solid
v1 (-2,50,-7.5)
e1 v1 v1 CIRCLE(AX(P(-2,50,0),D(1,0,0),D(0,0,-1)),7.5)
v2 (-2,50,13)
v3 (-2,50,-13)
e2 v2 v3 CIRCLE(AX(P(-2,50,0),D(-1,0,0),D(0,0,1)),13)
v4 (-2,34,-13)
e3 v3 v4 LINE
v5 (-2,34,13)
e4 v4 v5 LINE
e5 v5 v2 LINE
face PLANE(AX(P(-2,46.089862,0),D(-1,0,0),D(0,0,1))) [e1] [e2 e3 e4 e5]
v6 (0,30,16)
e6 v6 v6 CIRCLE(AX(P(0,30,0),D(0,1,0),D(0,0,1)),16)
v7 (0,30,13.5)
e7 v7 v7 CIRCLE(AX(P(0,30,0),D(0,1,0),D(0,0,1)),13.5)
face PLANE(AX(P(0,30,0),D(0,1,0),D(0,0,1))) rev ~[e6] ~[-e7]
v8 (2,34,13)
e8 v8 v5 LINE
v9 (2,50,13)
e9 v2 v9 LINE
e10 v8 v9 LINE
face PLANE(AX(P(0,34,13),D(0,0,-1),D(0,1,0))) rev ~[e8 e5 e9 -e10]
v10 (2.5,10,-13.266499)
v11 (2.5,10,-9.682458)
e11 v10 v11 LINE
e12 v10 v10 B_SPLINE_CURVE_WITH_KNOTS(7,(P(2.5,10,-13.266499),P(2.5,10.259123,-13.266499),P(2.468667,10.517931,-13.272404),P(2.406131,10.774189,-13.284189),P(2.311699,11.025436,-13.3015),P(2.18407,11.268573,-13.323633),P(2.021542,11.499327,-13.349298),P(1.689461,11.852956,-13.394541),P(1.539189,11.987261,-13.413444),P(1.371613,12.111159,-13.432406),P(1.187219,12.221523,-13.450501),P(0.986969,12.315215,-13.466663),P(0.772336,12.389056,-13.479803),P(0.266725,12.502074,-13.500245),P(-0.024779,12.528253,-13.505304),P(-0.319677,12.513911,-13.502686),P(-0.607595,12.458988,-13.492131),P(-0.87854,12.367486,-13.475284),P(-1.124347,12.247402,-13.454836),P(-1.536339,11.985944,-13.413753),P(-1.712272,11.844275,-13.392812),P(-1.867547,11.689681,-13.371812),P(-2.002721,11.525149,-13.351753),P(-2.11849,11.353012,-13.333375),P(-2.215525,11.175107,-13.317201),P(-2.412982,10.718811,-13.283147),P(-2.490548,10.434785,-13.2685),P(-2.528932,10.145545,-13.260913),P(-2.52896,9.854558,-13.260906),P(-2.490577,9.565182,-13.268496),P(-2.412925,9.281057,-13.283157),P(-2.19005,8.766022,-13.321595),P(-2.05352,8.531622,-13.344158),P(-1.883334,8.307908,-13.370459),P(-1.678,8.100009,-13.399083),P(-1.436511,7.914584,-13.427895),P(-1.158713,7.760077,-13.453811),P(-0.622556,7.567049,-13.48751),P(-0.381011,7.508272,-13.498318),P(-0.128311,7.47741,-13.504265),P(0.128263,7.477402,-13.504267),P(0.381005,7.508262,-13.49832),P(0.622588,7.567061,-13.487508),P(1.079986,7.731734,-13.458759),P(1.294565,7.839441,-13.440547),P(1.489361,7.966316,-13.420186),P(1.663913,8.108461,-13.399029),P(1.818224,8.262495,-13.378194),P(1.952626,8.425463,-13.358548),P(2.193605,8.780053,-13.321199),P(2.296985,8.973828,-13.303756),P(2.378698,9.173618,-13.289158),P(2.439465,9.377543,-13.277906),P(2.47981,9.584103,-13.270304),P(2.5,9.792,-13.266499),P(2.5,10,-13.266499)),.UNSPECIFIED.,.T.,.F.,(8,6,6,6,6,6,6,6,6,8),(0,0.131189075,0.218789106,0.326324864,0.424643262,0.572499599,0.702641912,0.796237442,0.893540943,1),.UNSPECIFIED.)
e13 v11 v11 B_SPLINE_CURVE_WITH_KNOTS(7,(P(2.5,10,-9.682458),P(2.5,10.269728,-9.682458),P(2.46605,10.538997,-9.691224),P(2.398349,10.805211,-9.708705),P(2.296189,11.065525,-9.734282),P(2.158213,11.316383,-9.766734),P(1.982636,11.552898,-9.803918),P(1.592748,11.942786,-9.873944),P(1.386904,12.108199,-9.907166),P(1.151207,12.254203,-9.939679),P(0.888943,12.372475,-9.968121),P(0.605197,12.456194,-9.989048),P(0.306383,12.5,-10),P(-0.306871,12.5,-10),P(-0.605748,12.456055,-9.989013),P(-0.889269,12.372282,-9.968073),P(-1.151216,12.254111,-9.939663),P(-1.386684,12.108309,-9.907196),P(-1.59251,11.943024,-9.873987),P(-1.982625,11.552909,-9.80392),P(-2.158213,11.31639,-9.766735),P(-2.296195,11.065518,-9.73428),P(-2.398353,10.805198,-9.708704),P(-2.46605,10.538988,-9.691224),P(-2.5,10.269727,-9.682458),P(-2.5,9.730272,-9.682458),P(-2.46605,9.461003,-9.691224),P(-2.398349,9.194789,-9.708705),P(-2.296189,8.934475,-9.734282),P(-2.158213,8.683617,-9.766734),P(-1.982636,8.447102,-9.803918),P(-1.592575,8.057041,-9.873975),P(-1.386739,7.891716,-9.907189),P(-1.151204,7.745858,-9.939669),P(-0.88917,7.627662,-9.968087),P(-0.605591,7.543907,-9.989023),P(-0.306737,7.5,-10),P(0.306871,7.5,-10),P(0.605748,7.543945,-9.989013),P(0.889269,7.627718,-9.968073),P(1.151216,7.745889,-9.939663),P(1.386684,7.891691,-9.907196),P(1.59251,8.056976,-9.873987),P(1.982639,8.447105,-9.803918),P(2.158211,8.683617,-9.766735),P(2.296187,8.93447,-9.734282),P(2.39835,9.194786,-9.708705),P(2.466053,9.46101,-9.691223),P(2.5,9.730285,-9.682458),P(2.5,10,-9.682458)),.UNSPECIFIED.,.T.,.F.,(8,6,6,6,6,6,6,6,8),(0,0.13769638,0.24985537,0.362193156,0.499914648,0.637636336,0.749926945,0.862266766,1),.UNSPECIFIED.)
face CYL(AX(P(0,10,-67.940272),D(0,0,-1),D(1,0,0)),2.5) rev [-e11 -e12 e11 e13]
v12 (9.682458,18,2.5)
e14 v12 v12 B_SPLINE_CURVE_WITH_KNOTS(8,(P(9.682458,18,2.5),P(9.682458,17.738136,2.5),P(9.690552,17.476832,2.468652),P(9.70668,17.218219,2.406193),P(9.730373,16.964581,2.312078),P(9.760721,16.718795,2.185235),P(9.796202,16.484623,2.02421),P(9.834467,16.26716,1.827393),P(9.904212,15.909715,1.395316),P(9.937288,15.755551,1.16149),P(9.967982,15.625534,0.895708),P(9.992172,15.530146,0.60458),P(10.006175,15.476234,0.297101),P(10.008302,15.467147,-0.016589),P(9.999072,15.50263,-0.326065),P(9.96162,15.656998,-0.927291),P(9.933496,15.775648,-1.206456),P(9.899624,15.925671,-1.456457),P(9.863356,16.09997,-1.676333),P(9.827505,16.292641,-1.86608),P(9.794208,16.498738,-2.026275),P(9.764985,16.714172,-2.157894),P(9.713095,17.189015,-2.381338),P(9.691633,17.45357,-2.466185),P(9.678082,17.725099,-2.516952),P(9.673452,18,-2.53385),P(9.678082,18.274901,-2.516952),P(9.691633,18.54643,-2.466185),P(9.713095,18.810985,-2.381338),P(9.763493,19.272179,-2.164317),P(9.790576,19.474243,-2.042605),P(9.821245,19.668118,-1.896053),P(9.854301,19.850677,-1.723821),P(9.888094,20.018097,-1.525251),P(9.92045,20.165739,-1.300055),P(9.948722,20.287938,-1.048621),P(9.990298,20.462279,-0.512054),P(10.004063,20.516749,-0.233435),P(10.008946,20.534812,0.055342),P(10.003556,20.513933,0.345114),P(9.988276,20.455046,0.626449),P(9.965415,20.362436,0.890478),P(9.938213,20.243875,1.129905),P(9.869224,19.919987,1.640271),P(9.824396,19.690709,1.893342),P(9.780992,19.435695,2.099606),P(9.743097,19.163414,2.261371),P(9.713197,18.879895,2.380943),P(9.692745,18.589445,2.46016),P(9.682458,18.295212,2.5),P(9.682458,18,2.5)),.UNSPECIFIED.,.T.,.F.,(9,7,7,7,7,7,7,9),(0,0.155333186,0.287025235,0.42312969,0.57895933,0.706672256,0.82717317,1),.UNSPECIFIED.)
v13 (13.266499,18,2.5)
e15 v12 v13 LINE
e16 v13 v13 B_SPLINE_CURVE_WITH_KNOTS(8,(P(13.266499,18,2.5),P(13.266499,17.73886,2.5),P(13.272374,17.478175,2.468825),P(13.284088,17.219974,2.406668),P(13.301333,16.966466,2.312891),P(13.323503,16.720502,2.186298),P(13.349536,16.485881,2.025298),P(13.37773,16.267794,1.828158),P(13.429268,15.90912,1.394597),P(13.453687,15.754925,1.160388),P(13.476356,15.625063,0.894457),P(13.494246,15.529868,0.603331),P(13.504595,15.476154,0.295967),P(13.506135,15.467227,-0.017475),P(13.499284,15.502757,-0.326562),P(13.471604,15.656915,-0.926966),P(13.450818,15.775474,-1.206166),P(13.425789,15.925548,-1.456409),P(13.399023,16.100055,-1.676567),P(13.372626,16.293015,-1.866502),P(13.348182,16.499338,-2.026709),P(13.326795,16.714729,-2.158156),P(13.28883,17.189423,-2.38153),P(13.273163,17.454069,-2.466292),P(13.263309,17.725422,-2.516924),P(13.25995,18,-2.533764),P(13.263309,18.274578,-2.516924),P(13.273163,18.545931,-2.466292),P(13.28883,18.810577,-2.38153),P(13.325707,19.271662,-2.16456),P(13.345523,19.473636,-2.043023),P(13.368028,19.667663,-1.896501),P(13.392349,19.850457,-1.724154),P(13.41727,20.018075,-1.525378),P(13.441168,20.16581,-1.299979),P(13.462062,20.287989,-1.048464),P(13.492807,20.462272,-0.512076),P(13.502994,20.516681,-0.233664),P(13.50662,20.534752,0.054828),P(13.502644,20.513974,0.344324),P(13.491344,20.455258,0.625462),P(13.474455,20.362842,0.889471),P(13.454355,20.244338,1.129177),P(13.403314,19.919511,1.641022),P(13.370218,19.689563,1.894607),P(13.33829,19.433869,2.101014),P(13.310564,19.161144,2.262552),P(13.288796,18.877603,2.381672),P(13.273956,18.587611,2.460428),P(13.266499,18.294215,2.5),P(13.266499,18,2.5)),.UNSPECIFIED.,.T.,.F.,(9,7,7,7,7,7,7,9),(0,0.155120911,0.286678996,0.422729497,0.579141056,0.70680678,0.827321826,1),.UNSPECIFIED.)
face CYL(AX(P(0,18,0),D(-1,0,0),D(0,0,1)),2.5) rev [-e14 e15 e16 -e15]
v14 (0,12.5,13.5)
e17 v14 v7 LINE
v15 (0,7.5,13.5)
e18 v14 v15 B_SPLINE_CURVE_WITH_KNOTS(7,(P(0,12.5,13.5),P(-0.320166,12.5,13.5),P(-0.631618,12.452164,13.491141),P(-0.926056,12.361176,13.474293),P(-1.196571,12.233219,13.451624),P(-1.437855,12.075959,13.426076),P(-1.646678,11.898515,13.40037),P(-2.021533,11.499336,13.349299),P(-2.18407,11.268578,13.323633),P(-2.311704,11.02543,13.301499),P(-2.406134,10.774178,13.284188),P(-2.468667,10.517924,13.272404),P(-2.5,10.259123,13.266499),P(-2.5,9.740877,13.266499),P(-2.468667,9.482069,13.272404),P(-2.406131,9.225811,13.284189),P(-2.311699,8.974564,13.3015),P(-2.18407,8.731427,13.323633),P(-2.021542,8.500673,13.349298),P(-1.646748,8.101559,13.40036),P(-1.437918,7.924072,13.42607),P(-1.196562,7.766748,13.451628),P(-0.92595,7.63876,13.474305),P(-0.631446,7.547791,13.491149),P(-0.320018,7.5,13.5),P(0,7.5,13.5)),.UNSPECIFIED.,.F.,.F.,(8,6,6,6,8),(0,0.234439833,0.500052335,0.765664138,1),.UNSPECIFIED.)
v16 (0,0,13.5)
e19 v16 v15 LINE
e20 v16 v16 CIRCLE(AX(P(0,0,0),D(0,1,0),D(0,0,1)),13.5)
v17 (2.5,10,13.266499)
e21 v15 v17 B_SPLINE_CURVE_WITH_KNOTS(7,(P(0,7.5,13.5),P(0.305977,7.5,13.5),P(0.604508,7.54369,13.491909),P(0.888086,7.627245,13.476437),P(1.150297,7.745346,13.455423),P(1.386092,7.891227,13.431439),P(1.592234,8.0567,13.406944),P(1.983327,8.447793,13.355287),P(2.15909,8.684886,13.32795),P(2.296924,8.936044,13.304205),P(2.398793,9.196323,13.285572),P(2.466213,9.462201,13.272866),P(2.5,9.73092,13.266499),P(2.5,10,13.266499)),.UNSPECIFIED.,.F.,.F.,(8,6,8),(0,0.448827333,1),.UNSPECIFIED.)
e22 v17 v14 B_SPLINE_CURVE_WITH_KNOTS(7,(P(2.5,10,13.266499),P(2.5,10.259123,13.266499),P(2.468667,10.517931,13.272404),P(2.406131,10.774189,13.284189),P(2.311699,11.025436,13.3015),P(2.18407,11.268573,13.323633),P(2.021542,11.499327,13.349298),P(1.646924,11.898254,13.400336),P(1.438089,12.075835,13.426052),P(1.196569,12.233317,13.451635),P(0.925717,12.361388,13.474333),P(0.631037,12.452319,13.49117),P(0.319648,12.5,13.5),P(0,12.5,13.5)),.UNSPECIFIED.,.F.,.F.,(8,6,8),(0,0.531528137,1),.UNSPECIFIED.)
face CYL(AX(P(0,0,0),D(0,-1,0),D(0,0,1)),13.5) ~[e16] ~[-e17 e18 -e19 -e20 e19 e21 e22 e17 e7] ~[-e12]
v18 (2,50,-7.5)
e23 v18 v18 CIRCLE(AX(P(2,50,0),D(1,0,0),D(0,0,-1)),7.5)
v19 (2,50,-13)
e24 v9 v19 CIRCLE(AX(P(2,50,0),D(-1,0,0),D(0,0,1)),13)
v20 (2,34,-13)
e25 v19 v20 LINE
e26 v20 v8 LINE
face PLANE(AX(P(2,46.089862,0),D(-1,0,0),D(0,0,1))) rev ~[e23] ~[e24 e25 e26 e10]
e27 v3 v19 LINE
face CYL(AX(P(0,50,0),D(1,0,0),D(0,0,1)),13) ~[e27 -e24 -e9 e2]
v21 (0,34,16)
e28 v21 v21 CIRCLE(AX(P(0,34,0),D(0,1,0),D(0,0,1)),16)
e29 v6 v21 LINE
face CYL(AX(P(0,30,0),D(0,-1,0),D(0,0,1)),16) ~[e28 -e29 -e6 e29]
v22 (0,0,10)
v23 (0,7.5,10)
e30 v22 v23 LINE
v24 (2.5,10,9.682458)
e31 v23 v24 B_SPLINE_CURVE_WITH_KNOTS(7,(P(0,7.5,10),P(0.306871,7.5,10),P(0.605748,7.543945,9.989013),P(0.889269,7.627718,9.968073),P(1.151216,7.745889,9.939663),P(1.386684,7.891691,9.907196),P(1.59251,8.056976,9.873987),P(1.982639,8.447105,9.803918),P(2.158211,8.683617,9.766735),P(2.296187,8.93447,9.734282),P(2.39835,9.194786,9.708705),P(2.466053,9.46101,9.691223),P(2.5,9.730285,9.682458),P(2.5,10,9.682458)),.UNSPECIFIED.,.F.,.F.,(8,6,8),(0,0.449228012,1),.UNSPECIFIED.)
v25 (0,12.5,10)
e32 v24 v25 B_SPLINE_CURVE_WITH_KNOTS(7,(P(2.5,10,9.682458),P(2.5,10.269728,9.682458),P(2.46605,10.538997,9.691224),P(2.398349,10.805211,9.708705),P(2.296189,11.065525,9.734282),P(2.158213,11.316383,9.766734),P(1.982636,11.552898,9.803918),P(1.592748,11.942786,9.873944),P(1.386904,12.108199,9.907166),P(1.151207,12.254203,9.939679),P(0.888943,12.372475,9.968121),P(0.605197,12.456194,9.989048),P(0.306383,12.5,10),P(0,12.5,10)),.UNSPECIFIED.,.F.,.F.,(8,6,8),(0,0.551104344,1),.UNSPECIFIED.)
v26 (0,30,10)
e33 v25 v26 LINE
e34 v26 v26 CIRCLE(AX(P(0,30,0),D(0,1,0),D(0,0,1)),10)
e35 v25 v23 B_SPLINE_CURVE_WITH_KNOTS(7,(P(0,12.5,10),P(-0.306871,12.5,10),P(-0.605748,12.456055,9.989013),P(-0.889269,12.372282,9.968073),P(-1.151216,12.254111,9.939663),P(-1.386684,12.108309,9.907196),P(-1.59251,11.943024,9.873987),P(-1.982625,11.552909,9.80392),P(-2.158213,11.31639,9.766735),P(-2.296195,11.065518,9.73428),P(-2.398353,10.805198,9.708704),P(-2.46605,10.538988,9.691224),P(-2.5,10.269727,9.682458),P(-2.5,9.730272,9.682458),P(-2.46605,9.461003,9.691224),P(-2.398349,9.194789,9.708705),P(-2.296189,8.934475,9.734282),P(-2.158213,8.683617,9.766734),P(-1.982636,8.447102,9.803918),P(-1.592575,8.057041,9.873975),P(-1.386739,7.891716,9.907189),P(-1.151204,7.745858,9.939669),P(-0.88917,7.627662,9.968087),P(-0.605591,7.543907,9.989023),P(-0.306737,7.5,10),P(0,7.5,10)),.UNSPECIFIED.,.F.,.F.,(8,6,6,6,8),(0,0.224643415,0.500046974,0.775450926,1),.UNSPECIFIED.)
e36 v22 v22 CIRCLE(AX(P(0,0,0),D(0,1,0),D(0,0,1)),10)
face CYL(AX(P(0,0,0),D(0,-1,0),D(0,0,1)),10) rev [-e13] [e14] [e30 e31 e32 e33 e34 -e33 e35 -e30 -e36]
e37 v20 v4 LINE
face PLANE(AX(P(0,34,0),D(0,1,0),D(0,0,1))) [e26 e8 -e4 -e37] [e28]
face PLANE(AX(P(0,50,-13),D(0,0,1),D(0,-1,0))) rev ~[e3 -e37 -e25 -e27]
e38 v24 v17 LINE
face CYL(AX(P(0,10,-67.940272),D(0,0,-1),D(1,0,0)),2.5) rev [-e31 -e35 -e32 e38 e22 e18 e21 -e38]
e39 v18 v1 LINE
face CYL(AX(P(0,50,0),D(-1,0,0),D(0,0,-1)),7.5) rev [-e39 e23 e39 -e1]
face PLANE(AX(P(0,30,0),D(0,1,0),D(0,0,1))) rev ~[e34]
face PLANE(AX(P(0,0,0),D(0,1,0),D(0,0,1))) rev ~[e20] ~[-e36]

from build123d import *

# Parameters (mm, degrees)
SKETCH1_R               = 13.5
SKETCH1_R_2             = 10
BOSS_EXTRUDE1_DEPTH     = 30
BOSS_EXTRUDE2_START     = 30
SKETCH1_3_R             = 16
SKETCH1_3_R_2           = 13.5
SKETCH1_3_R_3           = 10
BOSS_EXTRUDE2_DEPTH     = 4
SKETCH2_R               = 7.5
BOSS_EXTRUDE3_DEPTH     = 2
CUT_EXTRUDE1_REACH      = 68.94
CUT_EXTRUDE1_END_RADIUS = 13.5
SKETCH2_3_R             = 2.5
CUT_EXTRUDE2_DEPTH      = 67.940271885
CUT_EXTRUDE2_DEPTH_BACK = 67.940271885
SKETCH3_R               = 2.5


with BuildPart() as part:
    # Sketch1 → Boss-Extrude1 (new body)
    with BuildSketch(Plane(origin=(0, 0, 0), x_dir=(1, 0, 0), z_dir=(0, 1, 0))):
        with Locations(Location((0, 0, 0), (0, 0, 270))):
            Circle(SKETCH1_R)
        with Locations(Location((0, 0, 0), (0, 0, 270))):
            Circle(SKETCH1_R_2, mode=Mode.SUBTRACT)
    extrude(amount=BOSS_EXTRUDE1_DEPTH)

    # Sketch1<3> → Boss-Extrude2 (add)
    # profile 1 of 3: a face of its own
    with BuildSketch(Plane(origin=(0, 0, 0), x_dir=(1, 0, 0), z_dir=(0, 1, 0)).offset(BOSS_EXTRUDE2_START)):
        with Locations(Location((0, 0, 0), (0, 0, 270))):
            Circle(SKETCH1_3_R)
        with Locations(Location((0, 0, 0), (0, 0, 270))):
            Circle(SKETCH1_3_R_2, mode=Mode.SUBTRACT)
    # profile 2 of 3: a face of its own
    with BuildSketch(Plane(origin=(0, 0, 0), x_dir=(1, 0, 0), z_dir=(0, 1, 0)).offset(BOSS_EXTRUDE2_START)):
        with Locations(Location((0, 0, 0), (0, 0, 270))):
            Circle(SKETCH1_3_R_2)
        with Locations(Location((0, 0, 0), (0, 0, 270))):
            Circle(SKETCH1_3_R_3, mode=Mode.SUBTRACT)
    # profile 3 of 3: a face of its own
    with BuildSketch(Plane(origin=(0, 0, 0), x_dir=(1, 0, 0), z_dir=(0, 1, 0)).offset(BOSS_EXTRUDE2_START)):
        with Locations(Location((0, 0, 0), (0, 0, 270))):
            Circle(SKETCH1_3_R_3)
    extrude(amount=BOSS_EXTRUDE2_DEPTH)

    # Sketch2 → Boss-Extrude3 (add, symmetric)
    with BuildSketch(Plane(origin=(0, 0, 0), x_dir=(0, 0, -1), z_dir=(1, 0, 0))):
        with BuildLine():
            Line((13, 50), (13, 34))
            Line((13, 34), (-13, 34))
            Line((-13, 34), (-13, 50))
            ThreePointArc((-13, 50), (0, 63), (13, 50))
        make_face()
        with Locations((0, 50)):
            Circle(SKETCH2_R, mode=Mode.SUBTRACT)
    extrude(amount=BOSS_EXTRUDE3_DEPTH, both=True)

    # Cut-Extrude1: up to this cylinder (the profile starts inside it)
    cut_extrude1_end = Plane(origin=(0, 18, 0), z_dir=(0, -1, 0)) * Cylinder(CUT_EXTRUDE1_END_RADIUS, 165.88, mode=Mode.PRIVATE)
    # Sketch2<3> → Cut-Extrude1 (cut, up to the surface)
    with BuildSketch(Plane(origin=(0, 0, 0), x_dir=(0, 0, -1), z_dir=(1, 0, 0)), mode=Mode.PRIVATE) as cut_extrude1_sk1:
        with Locations(Location((0, 18, 0), (0, 0, 180))):
            Circle(SKETCH2_3_R)
    cut_extrude1_tool1 = extrude(cut_extrude1_sk1.sketch, amount=CUT_EXTRUDE1_REACH, mode=Mode.PRIVATE) & cut_extrude1_end
    add(cut_extrude1_tool1.solids().sort_by_distance((0, 18, 0))[0], mode=Mode.SUBTRACT)

    # Sketch3 → Cut-Extrude2 (cut, two sides: drawn at the far end of the back side and taken through both)
    with BuildSketch(Plane.XY.offset(-CUT_EXTRUDE2_DEPTH_BACK)):
        with Locations((0, 10)):
            Circle(SKETCH3_R)
    extrude(amount=CUT_EXTRUDE2_DEPTH + CUT_EXTRUDE2_DEPTH_BACK, mode=Mode.SUBTRACT)


solid = part.part
